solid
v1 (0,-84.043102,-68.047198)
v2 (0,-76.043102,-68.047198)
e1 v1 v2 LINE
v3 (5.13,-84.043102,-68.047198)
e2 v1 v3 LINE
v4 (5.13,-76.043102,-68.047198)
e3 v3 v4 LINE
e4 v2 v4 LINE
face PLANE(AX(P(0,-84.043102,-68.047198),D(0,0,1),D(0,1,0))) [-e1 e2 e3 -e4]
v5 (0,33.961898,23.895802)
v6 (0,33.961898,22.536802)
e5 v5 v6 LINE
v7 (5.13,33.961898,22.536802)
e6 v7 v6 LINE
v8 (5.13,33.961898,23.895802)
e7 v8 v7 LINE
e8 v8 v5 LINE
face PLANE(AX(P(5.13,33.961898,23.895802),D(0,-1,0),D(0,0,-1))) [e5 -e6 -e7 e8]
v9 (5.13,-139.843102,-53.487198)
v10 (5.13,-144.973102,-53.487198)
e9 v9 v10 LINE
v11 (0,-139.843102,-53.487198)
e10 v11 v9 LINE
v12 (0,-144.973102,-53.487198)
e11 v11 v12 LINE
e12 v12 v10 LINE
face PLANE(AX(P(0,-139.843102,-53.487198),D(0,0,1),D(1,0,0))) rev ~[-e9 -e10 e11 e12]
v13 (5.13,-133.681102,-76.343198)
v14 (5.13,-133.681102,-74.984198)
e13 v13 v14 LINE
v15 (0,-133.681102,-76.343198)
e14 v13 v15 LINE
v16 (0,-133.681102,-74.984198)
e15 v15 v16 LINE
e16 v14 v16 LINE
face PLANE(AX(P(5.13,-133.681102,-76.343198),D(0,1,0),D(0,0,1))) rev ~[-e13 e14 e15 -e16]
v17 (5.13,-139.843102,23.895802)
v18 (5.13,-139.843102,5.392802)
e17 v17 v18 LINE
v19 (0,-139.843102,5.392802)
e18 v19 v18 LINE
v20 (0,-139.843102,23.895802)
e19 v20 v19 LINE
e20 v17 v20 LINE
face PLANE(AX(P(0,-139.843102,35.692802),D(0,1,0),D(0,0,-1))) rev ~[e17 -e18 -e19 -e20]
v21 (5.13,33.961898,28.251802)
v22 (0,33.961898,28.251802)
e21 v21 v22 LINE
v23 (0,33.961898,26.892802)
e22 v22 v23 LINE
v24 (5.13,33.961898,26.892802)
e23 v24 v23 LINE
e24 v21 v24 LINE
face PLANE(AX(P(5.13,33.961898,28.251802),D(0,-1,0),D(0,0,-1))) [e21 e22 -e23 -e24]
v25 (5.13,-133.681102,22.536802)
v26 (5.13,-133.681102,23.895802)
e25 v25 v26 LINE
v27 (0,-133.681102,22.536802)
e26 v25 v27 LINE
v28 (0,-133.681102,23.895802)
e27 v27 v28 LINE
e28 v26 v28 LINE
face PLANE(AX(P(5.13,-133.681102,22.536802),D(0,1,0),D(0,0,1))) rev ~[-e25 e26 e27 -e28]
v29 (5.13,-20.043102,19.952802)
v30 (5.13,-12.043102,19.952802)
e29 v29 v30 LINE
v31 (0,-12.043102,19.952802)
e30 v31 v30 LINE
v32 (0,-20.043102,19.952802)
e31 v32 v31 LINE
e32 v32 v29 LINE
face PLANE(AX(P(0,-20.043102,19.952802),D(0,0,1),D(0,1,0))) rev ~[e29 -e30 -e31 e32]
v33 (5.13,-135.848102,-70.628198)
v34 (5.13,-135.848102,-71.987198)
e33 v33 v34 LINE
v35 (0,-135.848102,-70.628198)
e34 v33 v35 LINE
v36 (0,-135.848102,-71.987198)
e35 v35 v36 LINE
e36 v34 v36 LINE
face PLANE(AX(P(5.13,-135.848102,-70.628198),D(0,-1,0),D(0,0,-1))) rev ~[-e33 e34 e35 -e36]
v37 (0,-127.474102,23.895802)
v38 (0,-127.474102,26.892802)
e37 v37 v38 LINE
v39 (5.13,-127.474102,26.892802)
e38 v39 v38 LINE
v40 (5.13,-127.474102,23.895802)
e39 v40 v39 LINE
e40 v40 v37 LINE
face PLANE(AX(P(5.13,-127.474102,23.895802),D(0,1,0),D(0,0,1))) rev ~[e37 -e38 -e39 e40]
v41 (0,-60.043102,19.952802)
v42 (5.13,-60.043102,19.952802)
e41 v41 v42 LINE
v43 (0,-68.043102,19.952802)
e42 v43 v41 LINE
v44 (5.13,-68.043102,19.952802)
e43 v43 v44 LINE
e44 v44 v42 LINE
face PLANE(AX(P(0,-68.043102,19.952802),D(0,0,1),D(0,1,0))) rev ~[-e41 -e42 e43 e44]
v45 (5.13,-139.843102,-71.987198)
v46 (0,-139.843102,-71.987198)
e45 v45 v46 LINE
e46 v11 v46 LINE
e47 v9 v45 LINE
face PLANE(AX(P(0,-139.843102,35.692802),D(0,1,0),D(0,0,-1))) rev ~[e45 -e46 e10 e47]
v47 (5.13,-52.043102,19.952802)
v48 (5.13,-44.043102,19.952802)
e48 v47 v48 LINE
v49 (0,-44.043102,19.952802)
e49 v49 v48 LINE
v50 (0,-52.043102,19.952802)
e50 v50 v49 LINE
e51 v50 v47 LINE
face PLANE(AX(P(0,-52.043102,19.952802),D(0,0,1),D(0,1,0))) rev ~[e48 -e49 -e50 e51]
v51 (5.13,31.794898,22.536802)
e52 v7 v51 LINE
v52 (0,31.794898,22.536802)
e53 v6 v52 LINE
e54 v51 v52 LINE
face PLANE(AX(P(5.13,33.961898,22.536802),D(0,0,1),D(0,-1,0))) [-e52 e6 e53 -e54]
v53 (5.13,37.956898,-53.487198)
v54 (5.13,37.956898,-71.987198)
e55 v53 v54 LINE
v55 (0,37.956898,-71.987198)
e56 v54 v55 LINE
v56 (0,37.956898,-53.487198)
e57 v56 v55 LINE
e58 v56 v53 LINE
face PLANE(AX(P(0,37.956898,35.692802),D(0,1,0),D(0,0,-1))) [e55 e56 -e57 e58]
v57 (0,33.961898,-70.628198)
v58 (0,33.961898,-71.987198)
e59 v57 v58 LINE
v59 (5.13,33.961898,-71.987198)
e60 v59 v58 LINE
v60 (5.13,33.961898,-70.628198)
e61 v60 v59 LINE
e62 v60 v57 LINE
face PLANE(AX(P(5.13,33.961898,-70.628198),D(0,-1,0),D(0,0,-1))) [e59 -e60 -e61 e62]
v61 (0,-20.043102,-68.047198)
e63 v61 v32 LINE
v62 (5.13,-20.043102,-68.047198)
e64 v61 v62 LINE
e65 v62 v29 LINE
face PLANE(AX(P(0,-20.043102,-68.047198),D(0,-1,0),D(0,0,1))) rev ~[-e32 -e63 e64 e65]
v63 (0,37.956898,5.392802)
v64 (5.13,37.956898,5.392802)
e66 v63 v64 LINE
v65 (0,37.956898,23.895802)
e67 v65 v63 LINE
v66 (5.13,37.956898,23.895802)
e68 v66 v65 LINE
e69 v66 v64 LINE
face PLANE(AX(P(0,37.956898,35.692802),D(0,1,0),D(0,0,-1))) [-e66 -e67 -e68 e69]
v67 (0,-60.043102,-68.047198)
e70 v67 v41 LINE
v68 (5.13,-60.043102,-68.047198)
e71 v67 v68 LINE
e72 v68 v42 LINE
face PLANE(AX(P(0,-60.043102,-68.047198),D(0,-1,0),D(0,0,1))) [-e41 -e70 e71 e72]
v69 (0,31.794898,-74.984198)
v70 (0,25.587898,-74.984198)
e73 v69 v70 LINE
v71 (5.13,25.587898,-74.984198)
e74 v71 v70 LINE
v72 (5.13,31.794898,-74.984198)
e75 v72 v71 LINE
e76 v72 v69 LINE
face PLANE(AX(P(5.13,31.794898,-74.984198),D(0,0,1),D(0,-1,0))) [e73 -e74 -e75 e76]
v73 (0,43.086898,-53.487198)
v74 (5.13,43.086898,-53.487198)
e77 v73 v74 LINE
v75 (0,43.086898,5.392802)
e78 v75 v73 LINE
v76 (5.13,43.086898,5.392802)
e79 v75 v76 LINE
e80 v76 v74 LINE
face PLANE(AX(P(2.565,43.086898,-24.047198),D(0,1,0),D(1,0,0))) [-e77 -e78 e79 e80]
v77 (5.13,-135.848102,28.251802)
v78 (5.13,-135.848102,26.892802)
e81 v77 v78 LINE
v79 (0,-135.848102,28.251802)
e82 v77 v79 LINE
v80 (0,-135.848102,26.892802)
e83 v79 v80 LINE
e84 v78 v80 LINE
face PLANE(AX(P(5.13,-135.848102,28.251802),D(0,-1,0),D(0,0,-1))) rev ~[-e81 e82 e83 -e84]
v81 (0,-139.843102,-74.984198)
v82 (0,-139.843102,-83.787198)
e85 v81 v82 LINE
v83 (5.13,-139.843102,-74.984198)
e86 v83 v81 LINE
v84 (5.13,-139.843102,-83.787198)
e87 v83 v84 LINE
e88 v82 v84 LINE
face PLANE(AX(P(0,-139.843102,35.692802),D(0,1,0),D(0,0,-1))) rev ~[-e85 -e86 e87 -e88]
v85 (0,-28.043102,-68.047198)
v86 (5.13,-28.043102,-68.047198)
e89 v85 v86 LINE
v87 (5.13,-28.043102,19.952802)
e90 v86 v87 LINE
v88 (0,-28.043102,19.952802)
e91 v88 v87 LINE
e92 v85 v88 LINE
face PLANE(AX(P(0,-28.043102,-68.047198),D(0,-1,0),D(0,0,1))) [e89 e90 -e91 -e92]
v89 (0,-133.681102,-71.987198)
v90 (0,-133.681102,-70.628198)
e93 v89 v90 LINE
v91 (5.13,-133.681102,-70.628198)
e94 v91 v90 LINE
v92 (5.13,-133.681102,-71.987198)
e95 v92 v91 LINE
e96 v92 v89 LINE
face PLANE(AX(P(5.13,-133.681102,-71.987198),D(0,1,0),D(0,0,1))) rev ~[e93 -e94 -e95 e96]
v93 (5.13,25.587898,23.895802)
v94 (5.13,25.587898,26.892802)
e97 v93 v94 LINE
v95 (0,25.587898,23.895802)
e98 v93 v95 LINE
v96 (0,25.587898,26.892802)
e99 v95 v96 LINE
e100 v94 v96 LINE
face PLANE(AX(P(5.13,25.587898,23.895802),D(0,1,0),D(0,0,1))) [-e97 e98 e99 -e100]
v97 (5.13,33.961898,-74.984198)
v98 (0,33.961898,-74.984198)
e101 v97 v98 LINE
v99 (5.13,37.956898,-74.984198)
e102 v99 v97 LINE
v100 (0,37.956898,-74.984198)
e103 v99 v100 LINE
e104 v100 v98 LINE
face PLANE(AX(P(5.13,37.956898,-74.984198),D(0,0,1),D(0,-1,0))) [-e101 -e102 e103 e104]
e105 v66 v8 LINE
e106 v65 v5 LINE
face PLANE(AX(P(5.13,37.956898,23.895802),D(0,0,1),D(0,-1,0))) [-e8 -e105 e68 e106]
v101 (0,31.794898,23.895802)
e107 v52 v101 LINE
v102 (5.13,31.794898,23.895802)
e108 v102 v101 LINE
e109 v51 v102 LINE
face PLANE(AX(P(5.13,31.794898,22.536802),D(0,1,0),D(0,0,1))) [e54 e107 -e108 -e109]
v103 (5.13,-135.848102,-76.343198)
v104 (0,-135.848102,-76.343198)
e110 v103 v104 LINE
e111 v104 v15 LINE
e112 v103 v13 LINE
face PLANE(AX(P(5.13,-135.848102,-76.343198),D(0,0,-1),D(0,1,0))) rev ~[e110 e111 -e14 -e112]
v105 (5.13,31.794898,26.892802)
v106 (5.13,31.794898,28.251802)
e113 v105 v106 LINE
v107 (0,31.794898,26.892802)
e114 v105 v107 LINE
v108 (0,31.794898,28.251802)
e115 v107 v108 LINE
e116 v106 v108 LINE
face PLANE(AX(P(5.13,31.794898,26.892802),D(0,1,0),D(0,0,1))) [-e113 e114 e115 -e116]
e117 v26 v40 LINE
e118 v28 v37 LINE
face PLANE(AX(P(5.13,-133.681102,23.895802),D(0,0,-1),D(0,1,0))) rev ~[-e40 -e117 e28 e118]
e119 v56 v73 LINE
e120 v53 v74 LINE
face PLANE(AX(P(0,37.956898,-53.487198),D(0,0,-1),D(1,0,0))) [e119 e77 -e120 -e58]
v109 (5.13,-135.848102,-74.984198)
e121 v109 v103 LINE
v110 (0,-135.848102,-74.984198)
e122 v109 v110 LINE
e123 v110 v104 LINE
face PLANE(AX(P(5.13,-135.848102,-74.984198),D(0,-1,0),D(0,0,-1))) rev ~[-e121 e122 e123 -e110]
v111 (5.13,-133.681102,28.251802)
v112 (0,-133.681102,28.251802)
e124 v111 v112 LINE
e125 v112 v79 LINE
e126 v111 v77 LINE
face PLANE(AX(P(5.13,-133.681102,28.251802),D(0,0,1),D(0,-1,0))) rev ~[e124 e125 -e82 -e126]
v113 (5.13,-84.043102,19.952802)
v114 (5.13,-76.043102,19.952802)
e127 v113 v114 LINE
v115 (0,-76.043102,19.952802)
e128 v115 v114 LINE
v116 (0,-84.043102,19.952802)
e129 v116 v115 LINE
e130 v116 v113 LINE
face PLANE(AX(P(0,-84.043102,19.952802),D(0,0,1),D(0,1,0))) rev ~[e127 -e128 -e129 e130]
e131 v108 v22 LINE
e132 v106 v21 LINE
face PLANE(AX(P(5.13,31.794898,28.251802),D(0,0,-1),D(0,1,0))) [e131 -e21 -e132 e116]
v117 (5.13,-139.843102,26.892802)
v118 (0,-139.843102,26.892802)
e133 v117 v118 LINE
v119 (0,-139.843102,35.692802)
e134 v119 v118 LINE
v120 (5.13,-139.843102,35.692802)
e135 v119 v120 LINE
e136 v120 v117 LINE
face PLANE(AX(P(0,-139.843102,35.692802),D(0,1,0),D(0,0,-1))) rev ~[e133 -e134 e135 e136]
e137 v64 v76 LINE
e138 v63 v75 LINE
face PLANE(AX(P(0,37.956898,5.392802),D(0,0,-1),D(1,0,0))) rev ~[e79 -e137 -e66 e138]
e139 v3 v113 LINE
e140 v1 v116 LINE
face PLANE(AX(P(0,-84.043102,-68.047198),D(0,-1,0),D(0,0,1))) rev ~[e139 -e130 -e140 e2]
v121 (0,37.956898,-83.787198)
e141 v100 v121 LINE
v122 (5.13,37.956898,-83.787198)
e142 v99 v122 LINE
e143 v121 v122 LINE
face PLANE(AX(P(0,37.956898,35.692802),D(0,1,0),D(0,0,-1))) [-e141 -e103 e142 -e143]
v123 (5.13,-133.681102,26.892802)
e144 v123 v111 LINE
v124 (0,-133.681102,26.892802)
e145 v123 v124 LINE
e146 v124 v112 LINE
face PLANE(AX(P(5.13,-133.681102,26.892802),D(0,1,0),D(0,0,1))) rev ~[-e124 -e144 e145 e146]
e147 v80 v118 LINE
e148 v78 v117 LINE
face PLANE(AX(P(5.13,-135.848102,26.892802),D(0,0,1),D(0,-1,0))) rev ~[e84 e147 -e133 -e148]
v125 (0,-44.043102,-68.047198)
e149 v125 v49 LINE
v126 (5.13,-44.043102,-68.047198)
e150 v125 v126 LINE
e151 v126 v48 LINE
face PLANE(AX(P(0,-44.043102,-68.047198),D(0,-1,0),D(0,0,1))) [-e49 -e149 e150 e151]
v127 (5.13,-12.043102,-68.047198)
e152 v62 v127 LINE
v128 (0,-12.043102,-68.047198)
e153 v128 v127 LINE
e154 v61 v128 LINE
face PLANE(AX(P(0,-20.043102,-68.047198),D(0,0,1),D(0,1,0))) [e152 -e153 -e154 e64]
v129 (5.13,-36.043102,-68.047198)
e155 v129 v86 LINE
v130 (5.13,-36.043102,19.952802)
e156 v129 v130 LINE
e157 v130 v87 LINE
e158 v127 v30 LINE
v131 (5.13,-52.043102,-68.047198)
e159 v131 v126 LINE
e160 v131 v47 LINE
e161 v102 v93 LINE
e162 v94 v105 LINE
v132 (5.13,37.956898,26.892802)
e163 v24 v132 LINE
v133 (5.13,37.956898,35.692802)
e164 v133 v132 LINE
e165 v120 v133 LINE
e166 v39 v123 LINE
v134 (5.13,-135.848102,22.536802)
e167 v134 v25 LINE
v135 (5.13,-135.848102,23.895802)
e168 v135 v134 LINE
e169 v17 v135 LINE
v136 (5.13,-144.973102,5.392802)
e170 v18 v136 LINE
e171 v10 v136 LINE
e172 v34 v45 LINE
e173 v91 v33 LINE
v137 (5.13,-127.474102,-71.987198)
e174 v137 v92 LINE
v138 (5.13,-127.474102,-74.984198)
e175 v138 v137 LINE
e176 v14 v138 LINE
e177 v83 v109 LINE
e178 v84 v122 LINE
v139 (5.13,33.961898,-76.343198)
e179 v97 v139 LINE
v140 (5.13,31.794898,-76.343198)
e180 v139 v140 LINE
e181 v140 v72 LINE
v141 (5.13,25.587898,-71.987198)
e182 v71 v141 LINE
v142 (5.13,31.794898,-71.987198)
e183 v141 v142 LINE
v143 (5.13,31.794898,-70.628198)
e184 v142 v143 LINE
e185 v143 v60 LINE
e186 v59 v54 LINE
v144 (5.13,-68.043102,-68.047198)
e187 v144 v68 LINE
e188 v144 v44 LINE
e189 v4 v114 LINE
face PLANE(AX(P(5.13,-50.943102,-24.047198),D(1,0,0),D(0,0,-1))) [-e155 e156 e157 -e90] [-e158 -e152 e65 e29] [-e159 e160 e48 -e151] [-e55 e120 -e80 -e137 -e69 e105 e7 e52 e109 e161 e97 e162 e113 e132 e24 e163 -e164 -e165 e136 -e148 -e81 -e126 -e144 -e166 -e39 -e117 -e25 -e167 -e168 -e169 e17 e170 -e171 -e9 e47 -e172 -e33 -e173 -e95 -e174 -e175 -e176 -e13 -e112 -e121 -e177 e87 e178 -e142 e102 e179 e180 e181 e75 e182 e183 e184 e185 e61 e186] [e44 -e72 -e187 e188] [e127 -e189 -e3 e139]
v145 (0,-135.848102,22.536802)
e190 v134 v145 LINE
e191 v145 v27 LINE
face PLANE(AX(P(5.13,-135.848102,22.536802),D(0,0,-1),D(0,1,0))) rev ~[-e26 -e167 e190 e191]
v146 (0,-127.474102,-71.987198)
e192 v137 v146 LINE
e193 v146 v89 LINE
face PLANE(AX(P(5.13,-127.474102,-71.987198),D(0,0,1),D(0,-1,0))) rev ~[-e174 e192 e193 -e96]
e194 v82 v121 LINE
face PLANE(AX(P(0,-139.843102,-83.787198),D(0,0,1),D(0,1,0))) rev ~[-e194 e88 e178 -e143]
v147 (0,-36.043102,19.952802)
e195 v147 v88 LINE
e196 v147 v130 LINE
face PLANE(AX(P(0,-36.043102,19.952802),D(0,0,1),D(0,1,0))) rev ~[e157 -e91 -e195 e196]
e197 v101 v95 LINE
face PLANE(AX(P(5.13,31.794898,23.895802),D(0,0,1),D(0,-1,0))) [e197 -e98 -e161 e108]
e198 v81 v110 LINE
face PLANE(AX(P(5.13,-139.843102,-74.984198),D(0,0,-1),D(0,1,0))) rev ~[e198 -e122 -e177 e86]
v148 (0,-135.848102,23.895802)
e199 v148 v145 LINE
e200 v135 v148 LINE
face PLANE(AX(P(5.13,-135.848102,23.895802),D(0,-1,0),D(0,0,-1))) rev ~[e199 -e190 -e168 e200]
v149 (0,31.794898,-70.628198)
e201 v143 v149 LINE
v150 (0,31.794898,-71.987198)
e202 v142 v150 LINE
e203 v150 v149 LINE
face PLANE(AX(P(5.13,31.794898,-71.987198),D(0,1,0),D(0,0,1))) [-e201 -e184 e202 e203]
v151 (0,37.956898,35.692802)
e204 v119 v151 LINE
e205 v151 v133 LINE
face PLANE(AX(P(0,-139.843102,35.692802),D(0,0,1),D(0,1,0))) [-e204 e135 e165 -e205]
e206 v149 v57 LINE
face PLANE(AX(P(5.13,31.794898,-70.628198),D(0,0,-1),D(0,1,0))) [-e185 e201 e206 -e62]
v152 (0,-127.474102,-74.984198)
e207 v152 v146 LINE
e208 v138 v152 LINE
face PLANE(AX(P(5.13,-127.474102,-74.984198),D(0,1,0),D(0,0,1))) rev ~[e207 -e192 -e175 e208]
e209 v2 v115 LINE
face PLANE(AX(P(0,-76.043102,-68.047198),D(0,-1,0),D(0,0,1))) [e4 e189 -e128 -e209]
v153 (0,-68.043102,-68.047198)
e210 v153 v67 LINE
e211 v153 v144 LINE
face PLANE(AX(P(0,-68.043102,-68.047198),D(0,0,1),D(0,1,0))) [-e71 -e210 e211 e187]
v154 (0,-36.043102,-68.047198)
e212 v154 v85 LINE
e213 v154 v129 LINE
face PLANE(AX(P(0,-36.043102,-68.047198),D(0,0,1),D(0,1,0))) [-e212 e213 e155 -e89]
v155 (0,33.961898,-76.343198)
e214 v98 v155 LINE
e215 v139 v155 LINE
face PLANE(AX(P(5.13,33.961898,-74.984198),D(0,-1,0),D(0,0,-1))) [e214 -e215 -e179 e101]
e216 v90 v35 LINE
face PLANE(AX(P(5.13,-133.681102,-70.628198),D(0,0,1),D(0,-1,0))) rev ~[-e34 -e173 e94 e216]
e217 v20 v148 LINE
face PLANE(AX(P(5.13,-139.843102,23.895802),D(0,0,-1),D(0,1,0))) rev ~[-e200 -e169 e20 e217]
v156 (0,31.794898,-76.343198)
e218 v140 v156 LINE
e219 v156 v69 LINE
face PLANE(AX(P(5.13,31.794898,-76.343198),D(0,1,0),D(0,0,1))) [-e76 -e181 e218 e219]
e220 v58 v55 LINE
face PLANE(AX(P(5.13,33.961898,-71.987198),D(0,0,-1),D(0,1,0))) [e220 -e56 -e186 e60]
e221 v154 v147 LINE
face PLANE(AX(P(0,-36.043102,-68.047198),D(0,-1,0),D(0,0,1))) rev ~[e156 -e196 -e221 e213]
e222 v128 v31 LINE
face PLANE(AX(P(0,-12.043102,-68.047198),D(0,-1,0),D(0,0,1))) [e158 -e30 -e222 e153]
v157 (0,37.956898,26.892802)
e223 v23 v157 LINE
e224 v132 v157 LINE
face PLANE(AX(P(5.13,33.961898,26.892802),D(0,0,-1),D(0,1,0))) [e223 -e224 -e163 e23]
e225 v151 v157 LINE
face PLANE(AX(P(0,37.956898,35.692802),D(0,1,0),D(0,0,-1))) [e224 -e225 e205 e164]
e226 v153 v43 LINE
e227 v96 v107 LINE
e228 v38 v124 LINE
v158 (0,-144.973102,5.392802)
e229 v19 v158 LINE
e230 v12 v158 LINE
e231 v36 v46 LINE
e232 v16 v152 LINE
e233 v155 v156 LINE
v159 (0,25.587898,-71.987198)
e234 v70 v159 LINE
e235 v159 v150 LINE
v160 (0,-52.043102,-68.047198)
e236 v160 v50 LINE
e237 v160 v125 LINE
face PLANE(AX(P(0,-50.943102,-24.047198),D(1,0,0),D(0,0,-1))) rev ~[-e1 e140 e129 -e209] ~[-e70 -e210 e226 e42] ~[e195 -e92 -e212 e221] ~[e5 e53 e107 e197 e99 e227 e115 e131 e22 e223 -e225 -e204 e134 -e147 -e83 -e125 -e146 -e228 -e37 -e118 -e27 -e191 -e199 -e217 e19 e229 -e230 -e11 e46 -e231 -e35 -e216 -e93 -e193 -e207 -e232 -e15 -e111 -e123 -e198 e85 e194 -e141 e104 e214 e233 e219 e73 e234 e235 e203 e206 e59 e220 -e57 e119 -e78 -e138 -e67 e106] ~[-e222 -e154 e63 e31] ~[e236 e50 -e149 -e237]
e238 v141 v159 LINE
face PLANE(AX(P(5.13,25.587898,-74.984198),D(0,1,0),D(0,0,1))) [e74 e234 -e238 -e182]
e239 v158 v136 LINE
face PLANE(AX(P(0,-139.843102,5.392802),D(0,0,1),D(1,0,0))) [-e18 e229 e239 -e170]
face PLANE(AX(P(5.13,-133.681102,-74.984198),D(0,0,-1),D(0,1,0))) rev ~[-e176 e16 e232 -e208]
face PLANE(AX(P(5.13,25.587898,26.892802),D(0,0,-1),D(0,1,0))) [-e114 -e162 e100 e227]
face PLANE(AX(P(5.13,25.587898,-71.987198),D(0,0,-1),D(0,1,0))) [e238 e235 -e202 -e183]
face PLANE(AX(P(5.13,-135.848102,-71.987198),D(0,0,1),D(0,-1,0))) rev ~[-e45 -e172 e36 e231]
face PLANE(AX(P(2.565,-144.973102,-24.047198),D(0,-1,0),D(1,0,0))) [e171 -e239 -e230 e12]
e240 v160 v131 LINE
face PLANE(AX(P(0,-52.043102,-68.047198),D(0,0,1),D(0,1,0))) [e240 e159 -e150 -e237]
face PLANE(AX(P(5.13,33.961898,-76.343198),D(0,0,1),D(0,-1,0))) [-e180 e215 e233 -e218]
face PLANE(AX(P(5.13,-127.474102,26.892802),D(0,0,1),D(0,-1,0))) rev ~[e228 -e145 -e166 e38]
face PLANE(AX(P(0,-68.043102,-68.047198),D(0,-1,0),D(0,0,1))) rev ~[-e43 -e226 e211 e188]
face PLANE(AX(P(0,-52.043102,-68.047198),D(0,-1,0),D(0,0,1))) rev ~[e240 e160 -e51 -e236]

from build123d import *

# Parameters (mm, degrees)
SKETCH1_W           = 119.48
SKETCH1_H           = 177.8
BOSS_EXTRUDE1_DEPTH = 5.13
CUT_EXTRUDE1_DEPTH  = 5.13
SKETCH3_W           = 88
SKETCH3_H           = 8
VENTS_DEPTH         = 5.13
VENTS_PATTERN_COUNT = 5
VENTS_PATTERN_PITCH = 16
SKETCH4_W           = 5.13
SKETCH4_H           = 58.88
BOSS_EXTRUDE2_DEPTH = 5.13
SKETCH5_W           = 5.13
SKETCH5_H           = 58.88
BOSS_EXTRUDE3_DEPTH = 5.13


with BuildPart() as part:
    # Sketch1 → Boss-Extrude1 (new body)
    with BuildSketch(Plane(origin=(0, 0, 0), x_dir=(0, 0, -1), z_dir=(1, 0, 0))):
        with Locations((24.047197546, -50.943101868)):
            Rectangle(SKETCH1_W, SKETCH1_H)
    extrude(amount=BOSS_EXTRUDE1_DEPTH)

    # Sketch2 → Cut-Extrude1 (cut)
    with BuildSketch(Plane(origin=(5.13, 0, 0), x_dir=(0, 0, -1), z_dir=(1, 0, 0))):
        Polygon((-26.892802454, 37.956898132), (-23.895802454, 37.956898132), (-23.895802454, 33.961898132), (-22.536802454, 33.961898132), (-22.536802454, 31.794898132), (-23.895802454, 31.794898132), (-23.895802454, 25.587898132), (-26.892802454, 25.587898132), (-26.892802454, 31.794898132), (-28.251802454, 31.794898132), (-28.251802454, 33.961898132), (-26.892802454, 33.961898132), align=None)
        Polygon((71.987197546, 33.961898132), (71.987197546, 37.956898132), (74.984197546, 37.956898132), (74.984197546, 33.961898132), (76.343197546, 33.961898132), (76.343197546, 31.794898132), (74.984197546, 31.794898132), (74.984197546, 25.587898132), (71.987197546, 25.587898132), (71.987197546, 31.794898132), (70.628197546, 31.794898132), (70.628197546, 33.961898132), align=None)
        Polygon((76.343197546, -133.681101868), (74.984197546, -133.681101868), (74.984197546, -127.474101868), (71.987197546, -127.474101868), (71.987197546, -133.681101868), (70.628197546, -133.681101868), (70.628197546, -135.848101868), (71.987197546, -135.848101868), (71.987197546, -139.843101868), (74.984197546, -139.843101868), (74.984197546, -135.848101868), (76.343197546, -135.848101868), align=None)
        Polygon((-26.892802454, -139.843101868), (-23.895802454, -139.843101868), (-23.895802454, -135.848101868), (-22.536802454, -135.848101868), (-22.536802454, -133.681101868), (-23.895802454, -133.681101868), (-23.895802454, -127.474101868), (-26.892802454, -127.474101868), (-26.892802454, -133.681101868), (-28.251802454, -133.681101868), (-28.251802454, -135.848101868), (-26.892802454, -135.848101868), align=None)
    extrude(amount=-CUT_EXTRUDE1_DEPTH, mode=Mode.SUBTRACT)

    # Sketch3 → Vents (cut)
    with BuildSketch(Plane.ZY):
        with Locations((-24.047197546, -16.043101868)):
            Rectangle(SKETCH3_W, SKETCH3_H)
    vents = extrude(amount=-VENTS_DEPTH, mode=Mode.SUBTRACT)

    # Vents pattern: Vents ×5
    with Locations(*[(0, -i * VENTS_PATTERN_PITCH, 0) for i in range(1, VENTS_PATTERN_COUNT)]):
        add(vents, mode=Mode.SUBTRACT)

    # Sketch4 → Boss-Extrude2 (add)
    with BuildSketch(Plane(origin=(0, 37.956898132, 0), x_dir=(1, 0, 0), z_dir=(0, 1, 0))):
        with Locations((2.565, 24.047197546)):
            Rectangle(SKETCH4_W, SKETCH4_H)
    extrude(amount=BOSS_EXTRUDE2_DEPTH)

    # Sketch5 → Boss-Extrude3 (add)
    with BuildSketch(Plane.XZ.offset(139.843101868)):
        with Locations((2.565, -24.047197546)):
            Rectangle(SKETCH5_W, SKETCH5_H)
    extrude(amount=BOSS_EXTRUDE3_DEPTH)


solid = part.part
